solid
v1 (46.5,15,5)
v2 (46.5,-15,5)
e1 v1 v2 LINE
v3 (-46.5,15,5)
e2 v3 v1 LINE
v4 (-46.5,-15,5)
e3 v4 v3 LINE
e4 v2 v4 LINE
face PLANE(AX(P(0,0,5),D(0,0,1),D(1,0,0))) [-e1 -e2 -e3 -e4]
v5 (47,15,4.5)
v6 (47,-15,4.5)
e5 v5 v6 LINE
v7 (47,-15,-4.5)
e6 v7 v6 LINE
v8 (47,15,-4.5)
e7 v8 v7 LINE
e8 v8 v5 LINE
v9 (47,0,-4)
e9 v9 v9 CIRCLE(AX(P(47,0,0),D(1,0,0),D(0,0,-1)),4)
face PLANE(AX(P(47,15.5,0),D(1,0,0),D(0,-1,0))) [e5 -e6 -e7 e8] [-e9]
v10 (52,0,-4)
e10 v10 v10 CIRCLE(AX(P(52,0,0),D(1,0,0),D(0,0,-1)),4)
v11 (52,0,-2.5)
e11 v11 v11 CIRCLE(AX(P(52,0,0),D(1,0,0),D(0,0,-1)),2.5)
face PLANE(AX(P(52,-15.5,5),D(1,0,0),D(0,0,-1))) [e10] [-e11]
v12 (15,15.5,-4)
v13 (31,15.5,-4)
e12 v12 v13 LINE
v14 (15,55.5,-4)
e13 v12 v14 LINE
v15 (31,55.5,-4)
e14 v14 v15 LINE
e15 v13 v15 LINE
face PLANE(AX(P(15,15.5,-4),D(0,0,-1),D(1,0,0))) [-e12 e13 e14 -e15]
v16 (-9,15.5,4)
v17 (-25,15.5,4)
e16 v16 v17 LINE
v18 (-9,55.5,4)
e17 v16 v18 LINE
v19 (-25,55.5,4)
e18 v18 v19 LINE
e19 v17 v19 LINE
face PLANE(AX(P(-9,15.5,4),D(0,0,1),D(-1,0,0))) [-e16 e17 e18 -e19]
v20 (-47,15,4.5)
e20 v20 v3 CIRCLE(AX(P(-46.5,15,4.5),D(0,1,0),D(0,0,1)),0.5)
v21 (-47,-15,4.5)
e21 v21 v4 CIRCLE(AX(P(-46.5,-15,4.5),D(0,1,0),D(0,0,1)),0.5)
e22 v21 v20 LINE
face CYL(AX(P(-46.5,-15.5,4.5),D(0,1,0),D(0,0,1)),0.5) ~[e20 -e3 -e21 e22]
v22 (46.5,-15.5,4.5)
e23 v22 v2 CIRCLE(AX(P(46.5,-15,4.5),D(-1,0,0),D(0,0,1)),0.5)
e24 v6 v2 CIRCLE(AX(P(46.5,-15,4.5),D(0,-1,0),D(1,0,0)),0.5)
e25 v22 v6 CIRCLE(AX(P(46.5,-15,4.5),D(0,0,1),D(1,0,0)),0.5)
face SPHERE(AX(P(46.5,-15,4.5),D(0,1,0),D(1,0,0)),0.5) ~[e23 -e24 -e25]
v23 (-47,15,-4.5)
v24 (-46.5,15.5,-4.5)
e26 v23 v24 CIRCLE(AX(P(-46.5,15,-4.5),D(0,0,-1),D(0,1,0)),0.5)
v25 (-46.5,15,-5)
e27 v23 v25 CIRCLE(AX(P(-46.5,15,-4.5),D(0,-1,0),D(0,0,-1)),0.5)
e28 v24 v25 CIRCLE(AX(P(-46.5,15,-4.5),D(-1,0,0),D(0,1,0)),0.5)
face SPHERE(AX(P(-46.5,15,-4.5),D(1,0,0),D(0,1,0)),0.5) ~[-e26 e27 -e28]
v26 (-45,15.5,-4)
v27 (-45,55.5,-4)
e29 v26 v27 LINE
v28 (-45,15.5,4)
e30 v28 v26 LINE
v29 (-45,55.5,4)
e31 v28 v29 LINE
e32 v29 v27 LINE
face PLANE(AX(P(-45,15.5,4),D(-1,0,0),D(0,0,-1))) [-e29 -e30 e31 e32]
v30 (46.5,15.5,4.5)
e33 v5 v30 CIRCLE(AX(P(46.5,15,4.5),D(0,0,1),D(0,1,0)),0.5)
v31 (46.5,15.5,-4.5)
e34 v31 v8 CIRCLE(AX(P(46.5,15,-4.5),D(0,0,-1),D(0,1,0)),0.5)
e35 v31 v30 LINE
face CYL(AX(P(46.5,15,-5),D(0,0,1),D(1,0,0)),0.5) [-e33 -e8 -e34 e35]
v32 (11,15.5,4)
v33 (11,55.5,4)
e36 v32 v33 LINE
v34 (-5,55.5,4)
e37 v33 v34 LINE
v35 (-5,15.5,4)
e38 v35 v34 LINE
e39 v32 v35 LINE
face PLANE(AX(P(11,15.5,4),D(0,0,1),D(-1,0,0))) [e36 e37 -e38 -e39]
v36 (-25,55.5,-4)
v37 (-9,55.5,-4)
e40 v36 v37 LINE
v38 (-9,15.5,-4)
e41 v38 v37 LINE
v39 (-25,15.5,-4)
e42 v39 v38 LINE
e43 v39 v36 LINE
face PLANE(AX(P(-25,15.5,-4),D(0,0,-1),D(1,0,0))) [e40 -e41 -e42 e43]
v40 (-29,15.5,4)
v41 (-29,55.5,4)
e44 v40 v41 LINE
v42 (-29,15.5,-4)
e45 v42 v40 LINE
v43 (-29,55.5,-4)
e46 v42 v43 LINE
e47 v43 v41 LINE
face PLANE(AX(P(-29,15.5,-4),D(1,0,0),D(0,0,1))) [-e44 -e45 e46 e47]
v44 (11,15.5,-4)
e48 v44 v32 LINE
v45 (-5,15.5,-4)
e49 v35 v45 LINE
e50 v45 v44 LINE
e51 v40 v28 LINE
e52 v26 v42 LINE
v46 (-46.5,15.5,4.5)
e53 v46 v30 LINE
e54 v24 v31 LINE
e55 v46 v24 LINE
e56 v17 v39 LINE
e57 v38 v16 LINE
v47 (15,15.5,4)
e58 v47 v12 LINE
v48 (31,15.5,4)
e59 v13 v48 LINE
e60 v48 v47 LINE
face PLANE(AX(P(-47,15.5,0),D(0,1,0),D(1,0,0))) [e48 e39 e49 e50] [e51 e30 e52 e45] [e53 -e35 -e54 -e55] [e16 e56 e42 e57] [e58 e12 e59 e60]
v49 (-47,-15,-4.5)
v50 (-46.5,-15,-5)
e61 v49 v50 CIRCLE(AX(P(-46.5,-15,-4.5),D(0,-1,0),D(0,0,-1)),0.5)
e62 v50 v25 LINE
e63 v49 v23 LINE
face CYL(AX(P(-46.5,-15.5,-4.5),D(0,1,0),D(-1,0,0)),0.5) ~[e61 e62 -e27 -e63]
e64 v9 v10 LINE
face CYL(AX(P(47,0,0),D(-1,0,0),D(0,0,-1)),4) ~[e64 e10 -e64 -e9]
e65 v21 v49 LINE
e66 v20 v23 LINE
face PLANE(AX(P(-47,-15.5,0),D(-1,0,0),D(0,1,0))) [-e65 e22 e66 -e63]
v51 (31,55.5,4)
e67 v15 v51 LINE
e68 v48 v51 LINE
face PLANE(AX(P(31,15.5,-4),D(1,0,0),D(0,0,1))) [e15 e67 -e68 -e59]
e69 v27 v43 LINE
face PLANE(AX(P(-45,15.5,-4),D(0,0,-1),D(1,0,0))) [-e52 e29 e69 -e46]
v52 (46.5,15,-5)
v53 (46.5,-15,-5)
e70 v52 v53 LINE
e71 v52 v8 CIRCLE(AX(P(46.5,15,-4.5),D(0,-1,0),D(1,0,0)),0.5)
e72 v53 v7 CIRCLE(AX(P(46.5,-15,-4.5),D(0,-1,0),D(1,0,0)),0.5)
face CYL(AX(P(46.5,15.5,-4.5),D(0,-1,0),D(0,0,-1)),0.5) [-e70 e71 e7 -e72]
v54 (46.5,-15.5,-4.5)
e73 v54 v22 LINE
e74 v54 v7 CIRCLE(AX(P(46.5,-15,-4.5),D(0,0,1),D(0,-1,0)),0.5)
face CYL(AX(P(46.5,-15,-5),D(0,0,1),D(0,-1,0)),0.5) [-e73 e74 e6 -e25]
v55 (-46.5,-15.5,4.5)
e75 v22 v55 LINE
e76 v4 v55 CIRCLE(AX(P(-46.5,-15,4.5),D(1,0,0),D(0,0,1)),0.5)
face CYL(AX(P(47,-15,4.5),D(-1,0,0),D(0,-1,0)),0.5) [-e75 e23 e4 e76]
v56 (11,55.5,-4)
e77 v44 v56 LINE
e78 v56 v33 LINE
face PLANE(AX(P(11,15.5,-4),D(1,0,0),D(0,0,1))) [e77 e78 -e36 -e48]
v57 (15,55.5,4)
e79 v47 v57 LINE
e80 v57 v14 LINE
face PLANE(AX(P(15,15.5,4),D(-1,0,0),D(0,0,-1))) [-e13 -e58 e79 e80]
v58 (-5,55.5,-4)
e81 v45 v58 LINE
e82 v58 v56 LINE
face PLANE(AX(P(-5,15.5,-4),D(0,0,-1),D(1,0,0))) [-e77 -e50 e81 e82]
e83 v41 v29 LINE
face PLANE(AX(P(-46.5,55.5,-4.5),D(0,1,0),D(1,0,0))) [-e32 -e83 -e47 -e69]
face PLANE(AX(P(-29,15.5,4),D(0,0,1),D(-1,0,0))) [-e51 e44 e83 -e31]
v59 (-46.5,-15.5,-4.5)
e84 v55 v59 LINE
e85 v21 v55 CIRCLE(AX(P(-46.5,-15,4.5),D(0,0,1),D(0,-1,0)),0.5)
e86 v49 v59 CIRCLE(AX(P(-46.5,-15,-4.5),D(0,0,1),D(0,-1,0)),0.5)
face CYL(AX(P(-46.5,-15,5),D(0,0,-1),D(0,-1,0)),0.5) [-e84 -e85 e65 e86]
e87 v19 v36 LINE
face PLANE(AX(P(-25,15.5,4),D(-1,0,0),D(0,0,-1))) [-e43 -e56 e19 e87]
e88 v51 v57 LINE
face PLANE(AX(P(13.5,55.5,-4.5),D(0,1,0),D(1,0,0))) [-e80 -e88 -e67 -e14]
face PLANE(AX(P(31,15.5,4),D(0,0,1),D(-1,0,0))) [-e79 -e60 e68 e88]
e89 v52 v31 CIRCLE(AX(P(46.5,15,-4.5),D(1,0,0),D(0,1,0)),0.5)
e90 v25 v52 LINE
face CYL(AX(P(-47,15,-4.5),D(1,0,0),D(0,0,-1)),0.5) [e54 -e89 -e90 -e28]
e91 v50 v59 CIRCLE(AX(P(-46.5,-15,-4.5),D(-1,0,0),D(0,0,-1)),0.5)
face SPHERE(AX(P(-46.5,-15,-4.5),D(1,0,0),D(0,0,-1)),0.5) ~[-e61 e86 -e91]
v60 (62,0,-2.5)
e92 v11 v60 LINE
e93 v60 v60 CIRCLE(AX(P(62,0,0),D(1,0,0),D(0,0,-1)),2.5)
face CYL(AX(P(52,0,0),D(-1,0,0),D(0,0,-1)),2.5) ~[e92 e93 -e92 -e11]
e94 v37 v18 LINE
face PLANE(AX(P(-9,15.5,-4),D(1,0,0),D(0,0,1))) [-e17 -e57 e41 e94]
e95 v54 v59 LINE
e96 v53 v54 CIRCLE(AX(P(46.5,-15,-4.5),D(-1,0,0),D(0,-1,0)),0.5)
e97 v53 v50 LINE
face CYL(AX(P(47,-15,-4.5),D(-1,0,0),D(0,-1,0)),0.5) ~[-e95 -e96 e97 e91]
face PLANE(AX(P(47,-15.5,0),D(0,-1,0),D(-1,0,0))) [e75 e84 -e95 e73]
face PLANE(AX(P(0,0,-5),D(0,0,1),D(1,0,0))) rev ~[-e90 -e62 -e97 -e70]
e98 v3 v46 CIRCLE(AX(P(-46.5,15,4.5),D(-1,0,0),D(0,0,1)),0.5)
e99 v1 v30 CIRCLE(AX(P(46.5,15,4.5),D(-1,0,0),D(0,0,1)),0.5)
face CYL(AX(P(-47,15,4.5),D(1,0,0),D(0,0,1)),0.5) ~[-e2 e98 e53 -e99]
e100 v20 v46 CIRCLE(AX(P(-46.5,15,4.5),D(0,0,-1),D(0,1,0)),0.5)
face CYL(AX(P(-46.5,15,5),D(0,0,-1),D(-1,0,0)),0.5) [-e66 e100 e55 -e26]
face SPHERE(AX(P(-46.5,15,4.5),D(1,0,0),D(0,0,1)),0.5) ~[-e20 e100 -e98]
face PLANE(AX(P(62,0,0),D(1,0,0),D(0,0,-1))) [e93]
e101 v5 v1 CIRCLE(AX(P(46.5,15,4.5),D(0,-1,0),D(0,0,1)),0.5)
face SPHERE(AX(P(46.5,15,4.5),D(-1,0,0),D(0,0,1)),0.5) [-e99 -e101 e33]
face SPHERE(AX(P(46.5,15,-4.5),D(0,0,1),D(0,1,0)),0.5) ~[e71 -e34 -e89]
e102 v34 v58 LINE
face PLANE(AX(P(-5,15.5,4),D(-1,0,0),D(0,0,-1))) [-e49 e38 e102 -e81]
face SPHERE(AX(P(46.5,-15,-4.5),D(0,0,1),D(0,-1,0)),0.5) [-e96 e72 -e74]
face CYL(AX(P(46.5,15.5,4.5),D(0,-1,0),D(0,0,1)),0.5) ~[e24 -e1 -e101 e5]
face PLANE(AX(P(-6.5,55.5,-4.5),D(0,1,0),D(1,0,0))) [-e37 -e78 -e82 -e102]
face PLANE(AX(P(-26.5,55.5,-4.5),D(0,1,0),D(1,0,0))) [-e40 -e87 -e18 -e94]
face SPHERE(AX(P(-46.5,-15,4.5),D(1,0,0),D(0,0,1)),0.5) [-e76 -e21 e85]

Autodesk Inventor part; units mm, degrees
ref_plane "YZ Plane" through (0, 0, 0) normal (1, 0, 0) x (0, 1, 0)
ref_plane "XZ Plane" through (0, 0, 0) normal (0, 1, 0) x (-1, 0, 0)
ref_plane "XY Plane" through (0, 0, 0) normal (0, 0, 1) x (1, 0, 0)
sketch "スケッチ1" plane through (0, 0, 0) normal (0, 0, 1) x (1, 0, 0)
  line L0 (47, -15.5) -> (-47, -15.5)
  line L1 (-47, -15.5) -> (-47, 15.5)
  line L2 (-47, 15.5) -> (47, 15.5)
  line L3 (47, 15.5) -> (47, -15.5)
  line L4 (47, -15.5) -> (-47, 15.5) construction
  line L5 (-47, -15.5) -> (47, 15.5) construction
  point P0 (0, 0)
  dimension "d0" = 94
  dimension "d1" = 31
extrude "押し出し1" add sketch "スケッチ1" along normal mid plane 10
sketch "スケッチ2" plane through (47, -15.5, 5) normal (1, 0, 0) x (0, 0, -1)
  circle A0 centre (5, 15.5) radius 4
  dimension "d4" = 8
extrude "押し出し2" add sketch "スケッチ2" along normal blind 5
sketch "スケッチ3" plane through (52, 0, 0) normal (1, 0, 0) x (0, 0, -1)
  circle A0 centre (0, 0) radius 2.5
  dimension "d7" = 5
extrude "押し出し3" add sketch "スケッチ3" along normal blind 10
fillet "フィレット1" radius 0.5 12 edges at (0, 15.5, 5) (47, 0, 5) (47, 15.5, 0) (47, -15.5, 0) (0, -15.5, 5) (0, 15.5, -5) (0, -15.5, -5) (47, 0, -5) (-47, 0, 5) (-47, 15.5, 0) (-47, 0, -5) (-47, -15.5, 0)
sketch "スケッチ4" plane through (-46.5, 15.5, -4.5) normal (0, 1, 0) x (1, 0, 0)
  line L0 (1.5, -0.5) -> (17.5, -0.5)
  line L1 (17.5, -0.5) -> (17.5, -8.5)
  line L2 (17.5, -8.5) -> (1.5, -8.5)
  line L3 (1.5, -8.5) -> (1.5, -0.5)
  line L4 (1.5, -0.5) -> (17.5, -8.5) construction
  line L5 (17.5, -0.5) -> (1.5, -8.5) construction
  line L6 (-0.5, 0) -> (-0.5, -9) projected
  point P0 (46.5, -4.5)
  point P1 (9.5, -4.5)
  point P2 (9.5, -4.5)
  dimension "d11" = 8
  dimension "d12" = 16
  dimension "d13" = 10
extrude "押し出し4" add sketch "スケッチ4" along normal blind 40
pattern_linear "矩形状パターン1" count 4 spacing 20 along (1, 0, 0) of "押し出し4"
properties part number "U3H-FC03BBK" material "ABS プラスチック"
